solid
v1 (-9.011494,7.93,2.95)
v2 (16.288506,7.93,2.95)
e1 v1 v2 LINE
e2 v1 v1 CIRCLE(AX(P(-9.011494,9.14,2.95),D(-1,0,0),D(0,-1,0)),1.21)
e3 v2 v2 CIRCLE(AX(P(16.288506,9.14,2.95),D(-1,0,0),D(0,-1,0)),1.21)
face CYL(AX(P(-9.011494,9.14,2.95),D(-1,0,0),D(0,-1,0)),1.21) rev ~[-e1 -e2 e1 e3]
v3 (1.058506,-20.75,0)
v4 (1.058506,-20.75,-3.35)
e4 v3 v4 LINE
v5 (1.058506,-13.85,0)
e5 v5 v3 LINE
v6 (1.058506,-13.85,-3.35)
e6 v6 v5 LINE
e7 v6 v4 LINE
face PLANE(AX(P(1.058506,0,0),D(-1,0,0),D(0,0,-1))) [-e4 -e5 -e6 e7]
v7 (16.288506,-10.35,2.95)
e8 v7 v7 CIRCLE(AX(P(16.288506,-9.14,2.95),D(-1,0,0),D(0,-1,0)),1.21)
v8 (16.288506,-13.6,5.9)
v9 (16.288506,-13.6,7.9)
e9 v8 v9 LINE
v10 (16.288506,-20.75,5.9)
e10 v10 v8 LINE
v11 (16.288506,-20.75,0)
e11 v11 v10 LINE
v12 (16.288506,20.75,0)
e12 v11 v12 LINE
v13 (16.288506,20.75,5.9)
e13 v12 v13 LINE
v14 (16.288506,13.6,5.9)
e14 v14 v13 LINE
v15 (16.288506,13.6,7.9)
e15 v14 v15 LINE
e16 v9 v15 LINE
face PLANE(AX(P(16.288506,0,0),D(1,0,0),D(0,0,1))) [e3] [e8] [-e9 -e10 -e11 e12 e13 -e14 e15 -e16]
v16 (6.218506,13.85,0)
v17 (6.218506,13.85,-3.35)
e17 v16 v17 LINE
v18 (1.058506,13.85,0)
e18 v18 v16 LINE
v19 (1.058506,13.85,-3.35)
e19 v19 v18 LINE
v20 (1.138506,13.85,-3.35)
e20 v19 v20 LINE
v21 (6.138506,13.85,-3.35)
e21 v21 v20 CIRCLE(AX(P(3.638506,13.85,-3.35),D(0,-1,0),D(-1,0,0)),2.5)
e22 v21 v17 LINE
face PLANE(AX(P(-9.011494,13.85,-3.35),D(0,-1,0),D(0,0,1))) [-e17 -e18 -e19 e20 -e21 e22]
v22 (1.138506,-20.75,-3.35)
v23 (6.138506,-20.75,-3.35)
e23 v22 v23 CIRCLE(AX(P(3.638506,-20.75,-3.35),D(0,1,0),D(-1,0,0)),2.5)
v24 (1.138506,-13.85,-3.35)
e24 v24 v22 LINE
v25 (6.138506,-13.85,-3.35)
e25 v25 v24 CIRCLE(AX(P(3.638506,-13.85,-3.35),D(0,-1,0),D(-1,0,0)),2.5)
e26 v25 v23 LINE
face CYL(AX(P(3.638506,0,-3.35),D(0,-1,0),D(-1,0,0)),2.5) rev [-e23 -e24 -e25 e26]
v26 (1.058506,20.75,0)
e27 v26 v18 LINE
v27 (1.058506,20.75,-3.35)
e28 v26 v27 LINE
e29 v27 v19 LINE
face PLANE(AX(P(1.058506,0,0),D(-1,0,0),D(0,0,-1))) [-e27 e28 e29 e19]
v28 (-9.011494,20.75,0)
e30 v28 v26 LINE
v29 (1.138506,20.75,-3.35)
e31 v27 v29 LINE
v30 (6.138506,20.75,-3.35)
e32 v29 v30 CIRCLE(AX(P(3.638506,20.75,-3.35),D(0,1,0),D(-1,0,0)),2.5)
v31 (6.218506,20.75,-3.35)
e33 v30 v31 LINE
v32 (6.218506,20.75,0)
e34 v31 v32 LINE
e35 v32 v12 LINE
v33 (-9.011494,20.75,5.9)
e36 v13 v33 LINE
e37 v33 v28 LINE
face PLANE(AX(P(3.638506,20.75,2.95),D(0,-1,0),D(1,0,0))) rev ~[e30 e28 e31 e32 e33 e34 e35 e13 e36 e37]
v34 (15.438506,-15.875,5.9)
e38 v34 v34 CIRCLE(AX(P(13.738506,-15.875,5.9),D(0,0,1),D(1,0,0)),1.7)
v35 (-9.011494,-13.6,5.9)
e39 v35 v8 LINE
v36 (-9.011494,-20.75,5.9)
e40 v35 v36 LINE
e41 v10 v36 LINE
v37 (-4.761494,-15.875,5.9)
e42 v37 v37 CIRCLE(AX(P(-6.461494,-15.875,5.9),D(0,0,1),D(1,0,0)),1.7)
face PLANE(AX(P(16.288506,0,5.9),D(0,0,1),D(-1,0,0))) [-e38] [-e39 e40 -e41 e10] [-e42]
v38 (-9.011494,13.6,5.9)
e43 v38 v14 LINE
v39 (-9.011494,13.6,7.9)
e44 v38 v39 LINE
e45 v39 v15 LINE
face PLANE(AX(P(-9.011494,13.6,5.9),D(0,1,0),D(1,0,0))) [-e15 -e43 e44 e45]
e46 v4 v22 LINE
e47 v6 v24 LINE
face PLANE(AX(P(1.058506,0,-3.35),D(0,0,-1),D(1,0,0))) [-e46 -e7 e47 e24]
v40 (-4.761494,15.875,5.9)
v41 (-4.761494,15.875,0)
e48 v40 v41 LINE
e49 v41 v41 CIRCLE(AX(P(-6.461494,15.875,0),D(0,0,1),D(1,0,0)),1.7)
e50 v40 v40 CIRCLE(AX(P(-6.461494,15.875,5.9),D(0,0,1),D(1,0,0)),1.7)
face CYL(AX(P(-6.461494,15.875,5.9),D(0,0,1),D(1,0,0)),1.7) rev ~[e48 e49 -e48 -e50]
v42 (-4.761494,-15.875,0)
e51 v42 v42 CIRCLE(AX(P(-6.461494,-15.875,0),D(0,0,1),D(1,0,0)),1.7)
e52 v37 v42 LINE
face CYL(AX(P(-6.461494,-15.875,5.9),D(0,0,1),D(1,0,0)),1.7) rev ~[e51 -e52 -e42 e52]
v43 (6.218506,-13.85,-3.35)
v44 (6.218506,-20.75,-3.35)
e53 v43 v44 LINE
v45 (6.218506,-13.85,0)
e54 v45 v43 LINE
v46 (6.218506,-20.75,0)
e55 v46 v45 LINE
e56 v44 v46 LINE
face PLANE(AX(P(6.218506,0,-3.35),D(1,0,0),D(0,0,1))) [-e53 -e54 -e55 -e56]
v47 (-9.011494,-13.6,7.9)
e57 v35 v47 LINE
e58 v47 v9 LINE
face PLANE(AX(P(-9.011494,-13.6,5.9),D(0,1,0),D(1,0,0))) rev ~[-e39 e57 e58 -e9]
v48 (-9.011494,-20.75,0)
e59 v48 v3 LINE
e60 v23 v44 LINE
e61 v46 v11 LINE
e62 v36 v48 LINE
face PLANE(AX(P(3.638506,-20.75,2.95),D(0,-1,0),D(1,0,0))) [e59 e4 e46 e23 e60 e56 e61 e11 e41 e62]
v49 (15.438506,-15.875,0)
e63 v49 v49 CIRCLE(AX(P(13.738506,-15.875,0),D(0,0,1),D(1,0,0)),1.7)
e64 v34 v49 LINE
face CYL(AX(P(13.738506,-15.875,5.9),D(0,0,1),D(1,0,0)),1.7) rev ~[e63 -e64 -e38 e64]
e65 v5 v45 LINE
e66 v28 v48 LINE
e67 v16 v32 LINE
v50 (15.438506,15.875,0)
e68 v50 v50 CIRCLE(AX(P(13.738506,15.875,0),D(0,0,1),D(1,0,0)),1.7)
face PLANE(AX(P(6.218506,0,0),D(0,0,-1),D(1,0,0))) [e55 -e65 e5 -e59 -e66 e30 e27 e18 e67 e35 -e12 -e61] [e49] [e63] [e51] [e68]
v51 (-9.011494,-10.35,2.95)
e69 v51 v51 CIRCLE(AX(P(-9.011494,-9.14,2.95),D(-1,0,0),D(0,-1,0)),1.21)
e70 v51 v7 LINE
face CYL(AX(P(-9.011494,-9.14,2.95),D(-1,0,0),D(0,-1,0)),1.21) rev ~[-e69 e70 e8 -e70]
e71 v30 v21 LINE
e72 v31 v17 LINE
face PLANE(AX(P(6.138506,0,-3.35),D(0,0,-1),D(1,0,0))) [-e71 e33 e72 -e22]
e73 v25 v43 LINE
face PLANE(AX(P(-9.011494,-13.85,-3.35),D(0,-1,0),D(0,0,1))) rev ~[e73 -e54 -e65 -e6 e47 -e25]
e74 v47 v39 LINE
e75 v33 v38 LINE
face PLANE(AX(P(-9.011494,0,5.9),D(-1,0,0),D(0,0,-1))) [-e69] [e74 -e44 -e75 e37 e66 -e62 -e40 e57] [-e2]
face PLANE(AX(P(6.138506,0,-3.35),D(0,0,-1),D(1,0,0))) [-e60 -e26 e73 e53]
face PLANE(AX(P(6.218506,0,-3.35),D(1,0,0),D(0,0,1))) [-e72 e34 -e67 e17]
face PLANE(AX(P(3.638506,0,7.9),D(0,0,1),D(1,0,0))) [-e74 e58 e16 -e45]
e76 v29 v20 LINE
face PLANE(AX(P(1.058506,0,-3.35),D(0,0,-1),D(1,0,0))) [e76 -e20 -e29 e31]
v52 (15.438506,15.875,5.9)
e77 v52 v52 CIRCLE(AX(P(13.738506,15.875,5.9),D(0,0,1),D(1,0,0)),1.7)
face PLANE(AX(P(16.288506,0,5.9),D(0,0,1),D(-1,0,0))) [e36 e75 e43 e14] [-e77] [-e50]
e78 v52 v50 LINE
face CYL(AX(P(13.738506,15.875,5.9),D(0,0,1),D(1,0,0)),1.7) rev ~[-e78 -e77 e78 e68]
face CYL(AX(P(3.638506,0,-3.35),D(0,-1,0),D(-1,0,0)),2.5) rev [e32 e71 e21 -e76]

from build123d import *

# Parameters (mm, degrees)
F1_DEPTH = 20.75
F2_W     = 25.3
F2_H     = 27.2
F3_DEPTH = 2
F2_R     = 1.7
F4_DEPTH = 9.251
F5_W     = 27.7
F5_H     = 3.35
F5_R     = 1.21
F6_DEPTH = 25.301


with BuildPart() as f1:
    # F0 (on Front) → F1 (new body, symmetric)
    with BuildSketch(Plane.XZ):
        Polygon((16.2885056366, 5.9), (-9.0114943634, 5.9), (-9.0114943634, 0), (1.0585056366, 0), (6.2185056366, 0), (16.2885056366, 0), align=None)
        with BuildLine():
            Line((6.2185056366, 0), (1.0585056366, 0))
            Line((1.0585056366, 0), (1.0585056366, -3.35))
            Line((1.0585056366, -3.35), (1.1385056366, -3.35))
            ThreePointArc((1.1385056366, -3.35), (3.6385056366, -0.85), (6.1385056366, -3.35))
            Line((6.1385056366, -3.35), (6.2185056366, -3.35))
            Line((6.2185056366, -3.35), (6.2185056366, 0))
        make_face()
    extrude(amount=F1_DEPTH, both=True)

    # F2 (on face) → F3 (join)
    with BuildSketch(Plane.XY.offset(5.9)):
        with Locations((3.6385056366, 0)):
            Rectangle(F2_W, F2_H)
    extrude(amount=F3_DEPTH)

    # F2 (on face) → F4 (cut, through all)
    with BuildSketch(Plane.XY.offset(5.9)):
        with Locations((13.7385056366, 15.875)):
            Circle(F2_R)
        with Locations((-6.4614943634, 15.875)):
            Circle(F2_R)
        with Locations((-6.4614943634, -15.875)):
            Circle(F2_R)
        with Locations((13.7385056366, -15.875)):
            Circle(F2_R)
    extrude(amount=-F4_DEPTH, mode=Mode.SUBTRACT)

    # F5 (on face) → F6 (cut, through all)
    with BuildSketch(Plane(origin=(-9.0114943634, 0, 0), x_dir=(0, -1, 0), z_dir=(-1, 0, 0))):
        with Locations((0, -1.675)):
            Rectangle(F5_W, F5_H)
        with Locations((9.14, 2.95)):
            Circle(F5_R)
        with Locations((-9.14, 2.95)):
            Circle(F5_R)
    extrude(amount=-F6_DEPTH, mode=Mode.SUBTRACT)


solid = f1.part
